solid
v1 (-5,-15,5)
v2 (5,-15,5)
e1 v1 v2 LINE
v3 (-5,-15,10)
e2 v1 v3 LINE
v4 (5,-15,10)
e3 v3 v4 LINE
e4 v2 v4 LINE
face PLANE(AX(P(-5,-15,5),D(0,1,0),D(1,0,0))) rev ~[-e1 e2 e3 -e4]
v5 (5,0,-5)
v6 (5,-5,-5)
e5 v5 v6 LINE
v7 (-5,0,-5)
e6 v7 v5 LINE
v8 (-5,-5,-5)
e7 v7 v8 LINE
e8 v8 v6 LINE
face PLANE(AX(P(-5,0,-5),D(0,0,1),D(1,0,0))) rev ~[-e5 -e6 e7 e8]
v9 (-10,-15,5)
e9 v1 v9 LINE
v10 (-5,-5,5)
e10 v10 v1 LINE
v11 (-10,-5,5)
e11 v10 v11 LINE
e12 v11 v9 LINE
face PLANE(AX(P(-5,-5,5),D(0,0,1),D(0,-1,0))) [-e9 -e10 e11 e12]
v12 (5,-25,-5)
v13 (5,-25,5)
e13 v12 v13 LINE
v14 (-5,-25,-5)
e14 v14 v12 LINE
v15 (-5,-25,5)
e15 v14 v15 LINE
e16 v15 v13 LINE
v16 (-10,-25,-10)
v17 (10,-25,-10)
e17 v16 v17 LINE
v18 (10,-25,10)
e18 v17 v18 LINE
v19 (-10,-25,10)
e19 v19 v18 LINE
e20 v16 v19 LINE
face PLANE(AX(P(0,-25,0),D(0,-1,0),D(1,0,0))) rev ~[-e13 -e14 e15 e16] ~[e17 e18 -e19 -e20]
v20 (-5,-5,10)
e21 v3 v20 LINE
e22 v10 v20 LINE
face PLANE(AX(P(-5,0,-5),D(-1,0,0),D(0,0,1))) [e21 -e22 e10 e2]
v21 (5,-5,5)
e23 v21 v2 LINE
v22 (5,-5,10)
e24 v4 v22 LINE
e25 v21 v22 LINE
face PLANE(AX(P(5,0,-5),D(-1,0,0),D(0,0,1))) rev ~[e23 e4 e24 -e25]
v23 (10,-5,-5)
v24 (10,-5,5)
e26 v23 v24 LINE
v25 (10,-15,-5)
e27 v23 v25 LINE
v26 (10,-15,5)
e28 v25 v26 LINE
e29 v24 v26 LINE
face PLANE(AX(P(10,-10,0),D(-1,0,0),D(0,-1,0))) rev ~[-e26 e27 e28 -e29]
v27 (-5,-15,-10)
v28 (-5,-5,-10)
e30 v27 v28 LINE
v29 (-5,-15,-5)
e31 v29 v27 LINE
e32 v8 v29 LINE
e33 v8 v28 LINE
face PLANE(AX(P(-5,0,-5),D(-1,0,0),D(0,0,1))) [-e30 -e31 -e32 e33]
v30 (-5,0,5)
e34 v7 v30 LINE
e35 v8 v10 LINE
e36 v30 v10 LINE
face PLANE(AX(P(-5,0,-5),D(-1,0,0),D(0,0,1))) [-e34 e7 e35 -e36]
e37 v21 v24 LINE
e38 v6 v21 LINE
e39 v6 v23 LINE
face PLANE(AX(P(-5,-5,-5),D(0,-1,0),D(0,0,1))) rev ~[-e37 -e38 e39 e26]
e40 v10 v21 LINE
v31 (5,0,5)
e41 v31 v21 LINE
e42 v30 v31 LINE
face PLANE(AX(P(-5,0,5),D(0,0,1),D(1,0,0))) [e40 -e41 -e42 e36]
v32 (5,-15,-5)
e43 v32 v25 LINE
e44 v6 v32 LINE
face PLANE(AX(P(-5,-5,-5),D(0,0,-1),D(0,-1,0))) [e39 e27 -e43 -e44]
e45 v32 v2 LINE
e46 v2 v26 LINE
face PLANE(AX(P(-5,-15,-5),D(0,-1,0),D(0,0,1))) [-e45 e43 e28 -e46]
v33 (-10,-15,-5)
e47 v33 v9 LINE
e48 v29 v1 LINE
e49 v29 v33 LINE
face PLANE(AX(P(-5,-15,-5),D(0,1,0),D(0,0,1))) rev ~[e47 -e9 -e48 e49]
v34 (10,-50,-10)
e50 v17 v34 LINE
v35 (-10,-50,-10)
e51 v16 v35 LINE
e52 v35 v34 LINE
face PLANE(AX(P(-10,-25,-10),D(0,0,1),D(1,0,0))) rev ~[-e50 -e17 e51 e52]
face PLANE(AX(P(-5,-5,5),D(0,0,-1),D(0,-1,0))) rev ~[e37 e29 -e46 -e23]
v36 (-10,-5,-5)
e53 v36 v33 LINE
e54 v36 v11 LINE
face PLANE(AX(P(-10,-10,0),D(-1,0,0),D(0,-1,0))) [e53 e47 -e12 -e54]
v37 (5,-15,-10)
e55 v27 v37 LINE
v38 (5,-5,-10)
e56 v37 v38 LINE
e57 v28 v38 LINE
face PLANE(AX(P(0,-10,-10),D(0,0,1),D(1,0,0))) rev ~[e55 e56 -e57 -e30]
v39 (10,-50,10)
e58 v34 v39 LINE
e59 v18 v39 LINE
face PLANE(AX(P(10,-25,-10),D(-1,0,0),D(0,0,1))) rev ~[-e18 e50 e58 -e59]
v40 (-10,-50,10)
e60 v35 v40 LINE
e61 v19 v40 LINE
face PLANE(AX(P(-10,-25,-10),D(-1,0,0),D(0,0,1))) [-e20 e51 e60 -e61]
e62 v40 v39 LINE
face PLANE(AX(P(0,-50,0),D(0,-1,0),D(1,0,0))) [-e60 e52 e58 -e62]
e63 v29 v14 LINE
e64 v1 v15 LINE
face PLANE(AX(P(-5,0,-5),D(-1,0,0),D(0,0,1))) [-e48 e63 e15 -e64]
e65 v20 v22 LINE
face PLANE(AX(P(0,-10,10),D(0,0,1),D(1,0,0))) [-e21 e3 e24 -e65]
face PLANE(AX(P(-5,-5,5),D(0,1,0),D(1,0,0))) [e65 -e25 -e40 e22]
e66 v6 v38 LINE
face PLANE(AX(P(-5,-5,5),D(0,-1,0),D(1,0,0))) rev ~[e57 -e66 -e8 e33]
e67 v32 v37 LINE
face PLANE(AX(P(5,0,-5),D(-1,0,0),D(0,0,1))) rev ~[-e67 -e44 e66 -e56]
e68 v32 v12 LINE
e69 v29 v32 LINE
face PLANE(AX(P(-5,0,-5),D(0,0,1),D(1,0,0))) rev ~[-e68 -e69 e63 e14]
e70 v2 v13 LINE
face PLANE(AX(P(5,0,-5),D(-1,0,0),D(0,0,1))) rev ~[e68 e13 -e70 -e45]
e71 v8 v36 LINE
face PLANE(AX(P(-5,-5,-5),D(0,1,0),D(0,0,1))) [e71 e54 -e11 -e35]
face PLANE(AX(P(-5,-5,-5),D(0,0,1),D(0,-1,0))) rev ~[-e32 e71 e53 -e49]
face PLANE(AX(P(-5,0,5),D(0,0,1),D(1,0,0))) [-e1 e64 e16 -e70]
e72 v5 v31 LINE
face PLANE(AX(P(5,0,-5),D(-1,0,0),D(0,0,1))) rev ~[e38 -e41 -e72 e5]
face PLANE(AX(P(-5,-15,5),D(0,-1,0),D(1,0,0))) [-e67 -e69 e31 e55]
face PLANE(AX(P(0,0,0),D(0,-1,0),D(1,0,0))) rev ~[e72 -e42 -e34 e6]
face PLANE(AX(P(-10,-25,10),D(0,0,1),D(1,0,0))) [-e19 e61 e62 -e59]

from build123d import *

# Parameters (mm, degrees)
F0_W          = 10
F0_H          = 10
F1_DEPTH      = 25
F2_W          = 20
F2_H          = 20
F3_DEPTH      = 25
F4_W          = 10
F4_H          = 10
F5_DEPTH      = 5
F5_DEPTH_BACK = 15
F6_W          = 10
F6_H          = 10
F7_DEPTH      = 5
F7_DEPTH_BACK = 15


with BuildPart() as f1:
    # F0 (on Front) → F1 (new body)
    with BuildSketch(Plane.XZ):
        Rectangle(F0_W, F0_H)
    extrude(amount=F1_DEPTH)

    # F2 (on face) → F3 (join)
    with BuildSketch(Plane.XZ.offset(25)):
        Rectangle(F2_W, F2_H)
    extrude(amount=F3_DEPTH)

    # F4 (on face) → F5 (join, two sides)
    with BuildSketch(Plane.XY.offset(5)) as f5_sk:
        with Locations((0, -10)):
            Rectangle(F4_W, F4_H)
    extrude(amount=F5_DEPTH)
    extrude(f5_sk.sketch, amount=-F5_DEPTH_BACK)

    # F6 (on face) → F7 (join, two sides)
    with BuildSketch(Plane(origin=(-5, 0, 0), x_dir=(0, -1, 0), z_dir=(-1, 0, 0))) as f7_sk:
        with Locations((10, 0)):
            Rectangle(F6_W, F6_H)
    extrude(amount=F7_DEPTH)
    extrude(f7_sk.sketch, amount=-F7_DEPTH_BACK)


solid = f1.part
